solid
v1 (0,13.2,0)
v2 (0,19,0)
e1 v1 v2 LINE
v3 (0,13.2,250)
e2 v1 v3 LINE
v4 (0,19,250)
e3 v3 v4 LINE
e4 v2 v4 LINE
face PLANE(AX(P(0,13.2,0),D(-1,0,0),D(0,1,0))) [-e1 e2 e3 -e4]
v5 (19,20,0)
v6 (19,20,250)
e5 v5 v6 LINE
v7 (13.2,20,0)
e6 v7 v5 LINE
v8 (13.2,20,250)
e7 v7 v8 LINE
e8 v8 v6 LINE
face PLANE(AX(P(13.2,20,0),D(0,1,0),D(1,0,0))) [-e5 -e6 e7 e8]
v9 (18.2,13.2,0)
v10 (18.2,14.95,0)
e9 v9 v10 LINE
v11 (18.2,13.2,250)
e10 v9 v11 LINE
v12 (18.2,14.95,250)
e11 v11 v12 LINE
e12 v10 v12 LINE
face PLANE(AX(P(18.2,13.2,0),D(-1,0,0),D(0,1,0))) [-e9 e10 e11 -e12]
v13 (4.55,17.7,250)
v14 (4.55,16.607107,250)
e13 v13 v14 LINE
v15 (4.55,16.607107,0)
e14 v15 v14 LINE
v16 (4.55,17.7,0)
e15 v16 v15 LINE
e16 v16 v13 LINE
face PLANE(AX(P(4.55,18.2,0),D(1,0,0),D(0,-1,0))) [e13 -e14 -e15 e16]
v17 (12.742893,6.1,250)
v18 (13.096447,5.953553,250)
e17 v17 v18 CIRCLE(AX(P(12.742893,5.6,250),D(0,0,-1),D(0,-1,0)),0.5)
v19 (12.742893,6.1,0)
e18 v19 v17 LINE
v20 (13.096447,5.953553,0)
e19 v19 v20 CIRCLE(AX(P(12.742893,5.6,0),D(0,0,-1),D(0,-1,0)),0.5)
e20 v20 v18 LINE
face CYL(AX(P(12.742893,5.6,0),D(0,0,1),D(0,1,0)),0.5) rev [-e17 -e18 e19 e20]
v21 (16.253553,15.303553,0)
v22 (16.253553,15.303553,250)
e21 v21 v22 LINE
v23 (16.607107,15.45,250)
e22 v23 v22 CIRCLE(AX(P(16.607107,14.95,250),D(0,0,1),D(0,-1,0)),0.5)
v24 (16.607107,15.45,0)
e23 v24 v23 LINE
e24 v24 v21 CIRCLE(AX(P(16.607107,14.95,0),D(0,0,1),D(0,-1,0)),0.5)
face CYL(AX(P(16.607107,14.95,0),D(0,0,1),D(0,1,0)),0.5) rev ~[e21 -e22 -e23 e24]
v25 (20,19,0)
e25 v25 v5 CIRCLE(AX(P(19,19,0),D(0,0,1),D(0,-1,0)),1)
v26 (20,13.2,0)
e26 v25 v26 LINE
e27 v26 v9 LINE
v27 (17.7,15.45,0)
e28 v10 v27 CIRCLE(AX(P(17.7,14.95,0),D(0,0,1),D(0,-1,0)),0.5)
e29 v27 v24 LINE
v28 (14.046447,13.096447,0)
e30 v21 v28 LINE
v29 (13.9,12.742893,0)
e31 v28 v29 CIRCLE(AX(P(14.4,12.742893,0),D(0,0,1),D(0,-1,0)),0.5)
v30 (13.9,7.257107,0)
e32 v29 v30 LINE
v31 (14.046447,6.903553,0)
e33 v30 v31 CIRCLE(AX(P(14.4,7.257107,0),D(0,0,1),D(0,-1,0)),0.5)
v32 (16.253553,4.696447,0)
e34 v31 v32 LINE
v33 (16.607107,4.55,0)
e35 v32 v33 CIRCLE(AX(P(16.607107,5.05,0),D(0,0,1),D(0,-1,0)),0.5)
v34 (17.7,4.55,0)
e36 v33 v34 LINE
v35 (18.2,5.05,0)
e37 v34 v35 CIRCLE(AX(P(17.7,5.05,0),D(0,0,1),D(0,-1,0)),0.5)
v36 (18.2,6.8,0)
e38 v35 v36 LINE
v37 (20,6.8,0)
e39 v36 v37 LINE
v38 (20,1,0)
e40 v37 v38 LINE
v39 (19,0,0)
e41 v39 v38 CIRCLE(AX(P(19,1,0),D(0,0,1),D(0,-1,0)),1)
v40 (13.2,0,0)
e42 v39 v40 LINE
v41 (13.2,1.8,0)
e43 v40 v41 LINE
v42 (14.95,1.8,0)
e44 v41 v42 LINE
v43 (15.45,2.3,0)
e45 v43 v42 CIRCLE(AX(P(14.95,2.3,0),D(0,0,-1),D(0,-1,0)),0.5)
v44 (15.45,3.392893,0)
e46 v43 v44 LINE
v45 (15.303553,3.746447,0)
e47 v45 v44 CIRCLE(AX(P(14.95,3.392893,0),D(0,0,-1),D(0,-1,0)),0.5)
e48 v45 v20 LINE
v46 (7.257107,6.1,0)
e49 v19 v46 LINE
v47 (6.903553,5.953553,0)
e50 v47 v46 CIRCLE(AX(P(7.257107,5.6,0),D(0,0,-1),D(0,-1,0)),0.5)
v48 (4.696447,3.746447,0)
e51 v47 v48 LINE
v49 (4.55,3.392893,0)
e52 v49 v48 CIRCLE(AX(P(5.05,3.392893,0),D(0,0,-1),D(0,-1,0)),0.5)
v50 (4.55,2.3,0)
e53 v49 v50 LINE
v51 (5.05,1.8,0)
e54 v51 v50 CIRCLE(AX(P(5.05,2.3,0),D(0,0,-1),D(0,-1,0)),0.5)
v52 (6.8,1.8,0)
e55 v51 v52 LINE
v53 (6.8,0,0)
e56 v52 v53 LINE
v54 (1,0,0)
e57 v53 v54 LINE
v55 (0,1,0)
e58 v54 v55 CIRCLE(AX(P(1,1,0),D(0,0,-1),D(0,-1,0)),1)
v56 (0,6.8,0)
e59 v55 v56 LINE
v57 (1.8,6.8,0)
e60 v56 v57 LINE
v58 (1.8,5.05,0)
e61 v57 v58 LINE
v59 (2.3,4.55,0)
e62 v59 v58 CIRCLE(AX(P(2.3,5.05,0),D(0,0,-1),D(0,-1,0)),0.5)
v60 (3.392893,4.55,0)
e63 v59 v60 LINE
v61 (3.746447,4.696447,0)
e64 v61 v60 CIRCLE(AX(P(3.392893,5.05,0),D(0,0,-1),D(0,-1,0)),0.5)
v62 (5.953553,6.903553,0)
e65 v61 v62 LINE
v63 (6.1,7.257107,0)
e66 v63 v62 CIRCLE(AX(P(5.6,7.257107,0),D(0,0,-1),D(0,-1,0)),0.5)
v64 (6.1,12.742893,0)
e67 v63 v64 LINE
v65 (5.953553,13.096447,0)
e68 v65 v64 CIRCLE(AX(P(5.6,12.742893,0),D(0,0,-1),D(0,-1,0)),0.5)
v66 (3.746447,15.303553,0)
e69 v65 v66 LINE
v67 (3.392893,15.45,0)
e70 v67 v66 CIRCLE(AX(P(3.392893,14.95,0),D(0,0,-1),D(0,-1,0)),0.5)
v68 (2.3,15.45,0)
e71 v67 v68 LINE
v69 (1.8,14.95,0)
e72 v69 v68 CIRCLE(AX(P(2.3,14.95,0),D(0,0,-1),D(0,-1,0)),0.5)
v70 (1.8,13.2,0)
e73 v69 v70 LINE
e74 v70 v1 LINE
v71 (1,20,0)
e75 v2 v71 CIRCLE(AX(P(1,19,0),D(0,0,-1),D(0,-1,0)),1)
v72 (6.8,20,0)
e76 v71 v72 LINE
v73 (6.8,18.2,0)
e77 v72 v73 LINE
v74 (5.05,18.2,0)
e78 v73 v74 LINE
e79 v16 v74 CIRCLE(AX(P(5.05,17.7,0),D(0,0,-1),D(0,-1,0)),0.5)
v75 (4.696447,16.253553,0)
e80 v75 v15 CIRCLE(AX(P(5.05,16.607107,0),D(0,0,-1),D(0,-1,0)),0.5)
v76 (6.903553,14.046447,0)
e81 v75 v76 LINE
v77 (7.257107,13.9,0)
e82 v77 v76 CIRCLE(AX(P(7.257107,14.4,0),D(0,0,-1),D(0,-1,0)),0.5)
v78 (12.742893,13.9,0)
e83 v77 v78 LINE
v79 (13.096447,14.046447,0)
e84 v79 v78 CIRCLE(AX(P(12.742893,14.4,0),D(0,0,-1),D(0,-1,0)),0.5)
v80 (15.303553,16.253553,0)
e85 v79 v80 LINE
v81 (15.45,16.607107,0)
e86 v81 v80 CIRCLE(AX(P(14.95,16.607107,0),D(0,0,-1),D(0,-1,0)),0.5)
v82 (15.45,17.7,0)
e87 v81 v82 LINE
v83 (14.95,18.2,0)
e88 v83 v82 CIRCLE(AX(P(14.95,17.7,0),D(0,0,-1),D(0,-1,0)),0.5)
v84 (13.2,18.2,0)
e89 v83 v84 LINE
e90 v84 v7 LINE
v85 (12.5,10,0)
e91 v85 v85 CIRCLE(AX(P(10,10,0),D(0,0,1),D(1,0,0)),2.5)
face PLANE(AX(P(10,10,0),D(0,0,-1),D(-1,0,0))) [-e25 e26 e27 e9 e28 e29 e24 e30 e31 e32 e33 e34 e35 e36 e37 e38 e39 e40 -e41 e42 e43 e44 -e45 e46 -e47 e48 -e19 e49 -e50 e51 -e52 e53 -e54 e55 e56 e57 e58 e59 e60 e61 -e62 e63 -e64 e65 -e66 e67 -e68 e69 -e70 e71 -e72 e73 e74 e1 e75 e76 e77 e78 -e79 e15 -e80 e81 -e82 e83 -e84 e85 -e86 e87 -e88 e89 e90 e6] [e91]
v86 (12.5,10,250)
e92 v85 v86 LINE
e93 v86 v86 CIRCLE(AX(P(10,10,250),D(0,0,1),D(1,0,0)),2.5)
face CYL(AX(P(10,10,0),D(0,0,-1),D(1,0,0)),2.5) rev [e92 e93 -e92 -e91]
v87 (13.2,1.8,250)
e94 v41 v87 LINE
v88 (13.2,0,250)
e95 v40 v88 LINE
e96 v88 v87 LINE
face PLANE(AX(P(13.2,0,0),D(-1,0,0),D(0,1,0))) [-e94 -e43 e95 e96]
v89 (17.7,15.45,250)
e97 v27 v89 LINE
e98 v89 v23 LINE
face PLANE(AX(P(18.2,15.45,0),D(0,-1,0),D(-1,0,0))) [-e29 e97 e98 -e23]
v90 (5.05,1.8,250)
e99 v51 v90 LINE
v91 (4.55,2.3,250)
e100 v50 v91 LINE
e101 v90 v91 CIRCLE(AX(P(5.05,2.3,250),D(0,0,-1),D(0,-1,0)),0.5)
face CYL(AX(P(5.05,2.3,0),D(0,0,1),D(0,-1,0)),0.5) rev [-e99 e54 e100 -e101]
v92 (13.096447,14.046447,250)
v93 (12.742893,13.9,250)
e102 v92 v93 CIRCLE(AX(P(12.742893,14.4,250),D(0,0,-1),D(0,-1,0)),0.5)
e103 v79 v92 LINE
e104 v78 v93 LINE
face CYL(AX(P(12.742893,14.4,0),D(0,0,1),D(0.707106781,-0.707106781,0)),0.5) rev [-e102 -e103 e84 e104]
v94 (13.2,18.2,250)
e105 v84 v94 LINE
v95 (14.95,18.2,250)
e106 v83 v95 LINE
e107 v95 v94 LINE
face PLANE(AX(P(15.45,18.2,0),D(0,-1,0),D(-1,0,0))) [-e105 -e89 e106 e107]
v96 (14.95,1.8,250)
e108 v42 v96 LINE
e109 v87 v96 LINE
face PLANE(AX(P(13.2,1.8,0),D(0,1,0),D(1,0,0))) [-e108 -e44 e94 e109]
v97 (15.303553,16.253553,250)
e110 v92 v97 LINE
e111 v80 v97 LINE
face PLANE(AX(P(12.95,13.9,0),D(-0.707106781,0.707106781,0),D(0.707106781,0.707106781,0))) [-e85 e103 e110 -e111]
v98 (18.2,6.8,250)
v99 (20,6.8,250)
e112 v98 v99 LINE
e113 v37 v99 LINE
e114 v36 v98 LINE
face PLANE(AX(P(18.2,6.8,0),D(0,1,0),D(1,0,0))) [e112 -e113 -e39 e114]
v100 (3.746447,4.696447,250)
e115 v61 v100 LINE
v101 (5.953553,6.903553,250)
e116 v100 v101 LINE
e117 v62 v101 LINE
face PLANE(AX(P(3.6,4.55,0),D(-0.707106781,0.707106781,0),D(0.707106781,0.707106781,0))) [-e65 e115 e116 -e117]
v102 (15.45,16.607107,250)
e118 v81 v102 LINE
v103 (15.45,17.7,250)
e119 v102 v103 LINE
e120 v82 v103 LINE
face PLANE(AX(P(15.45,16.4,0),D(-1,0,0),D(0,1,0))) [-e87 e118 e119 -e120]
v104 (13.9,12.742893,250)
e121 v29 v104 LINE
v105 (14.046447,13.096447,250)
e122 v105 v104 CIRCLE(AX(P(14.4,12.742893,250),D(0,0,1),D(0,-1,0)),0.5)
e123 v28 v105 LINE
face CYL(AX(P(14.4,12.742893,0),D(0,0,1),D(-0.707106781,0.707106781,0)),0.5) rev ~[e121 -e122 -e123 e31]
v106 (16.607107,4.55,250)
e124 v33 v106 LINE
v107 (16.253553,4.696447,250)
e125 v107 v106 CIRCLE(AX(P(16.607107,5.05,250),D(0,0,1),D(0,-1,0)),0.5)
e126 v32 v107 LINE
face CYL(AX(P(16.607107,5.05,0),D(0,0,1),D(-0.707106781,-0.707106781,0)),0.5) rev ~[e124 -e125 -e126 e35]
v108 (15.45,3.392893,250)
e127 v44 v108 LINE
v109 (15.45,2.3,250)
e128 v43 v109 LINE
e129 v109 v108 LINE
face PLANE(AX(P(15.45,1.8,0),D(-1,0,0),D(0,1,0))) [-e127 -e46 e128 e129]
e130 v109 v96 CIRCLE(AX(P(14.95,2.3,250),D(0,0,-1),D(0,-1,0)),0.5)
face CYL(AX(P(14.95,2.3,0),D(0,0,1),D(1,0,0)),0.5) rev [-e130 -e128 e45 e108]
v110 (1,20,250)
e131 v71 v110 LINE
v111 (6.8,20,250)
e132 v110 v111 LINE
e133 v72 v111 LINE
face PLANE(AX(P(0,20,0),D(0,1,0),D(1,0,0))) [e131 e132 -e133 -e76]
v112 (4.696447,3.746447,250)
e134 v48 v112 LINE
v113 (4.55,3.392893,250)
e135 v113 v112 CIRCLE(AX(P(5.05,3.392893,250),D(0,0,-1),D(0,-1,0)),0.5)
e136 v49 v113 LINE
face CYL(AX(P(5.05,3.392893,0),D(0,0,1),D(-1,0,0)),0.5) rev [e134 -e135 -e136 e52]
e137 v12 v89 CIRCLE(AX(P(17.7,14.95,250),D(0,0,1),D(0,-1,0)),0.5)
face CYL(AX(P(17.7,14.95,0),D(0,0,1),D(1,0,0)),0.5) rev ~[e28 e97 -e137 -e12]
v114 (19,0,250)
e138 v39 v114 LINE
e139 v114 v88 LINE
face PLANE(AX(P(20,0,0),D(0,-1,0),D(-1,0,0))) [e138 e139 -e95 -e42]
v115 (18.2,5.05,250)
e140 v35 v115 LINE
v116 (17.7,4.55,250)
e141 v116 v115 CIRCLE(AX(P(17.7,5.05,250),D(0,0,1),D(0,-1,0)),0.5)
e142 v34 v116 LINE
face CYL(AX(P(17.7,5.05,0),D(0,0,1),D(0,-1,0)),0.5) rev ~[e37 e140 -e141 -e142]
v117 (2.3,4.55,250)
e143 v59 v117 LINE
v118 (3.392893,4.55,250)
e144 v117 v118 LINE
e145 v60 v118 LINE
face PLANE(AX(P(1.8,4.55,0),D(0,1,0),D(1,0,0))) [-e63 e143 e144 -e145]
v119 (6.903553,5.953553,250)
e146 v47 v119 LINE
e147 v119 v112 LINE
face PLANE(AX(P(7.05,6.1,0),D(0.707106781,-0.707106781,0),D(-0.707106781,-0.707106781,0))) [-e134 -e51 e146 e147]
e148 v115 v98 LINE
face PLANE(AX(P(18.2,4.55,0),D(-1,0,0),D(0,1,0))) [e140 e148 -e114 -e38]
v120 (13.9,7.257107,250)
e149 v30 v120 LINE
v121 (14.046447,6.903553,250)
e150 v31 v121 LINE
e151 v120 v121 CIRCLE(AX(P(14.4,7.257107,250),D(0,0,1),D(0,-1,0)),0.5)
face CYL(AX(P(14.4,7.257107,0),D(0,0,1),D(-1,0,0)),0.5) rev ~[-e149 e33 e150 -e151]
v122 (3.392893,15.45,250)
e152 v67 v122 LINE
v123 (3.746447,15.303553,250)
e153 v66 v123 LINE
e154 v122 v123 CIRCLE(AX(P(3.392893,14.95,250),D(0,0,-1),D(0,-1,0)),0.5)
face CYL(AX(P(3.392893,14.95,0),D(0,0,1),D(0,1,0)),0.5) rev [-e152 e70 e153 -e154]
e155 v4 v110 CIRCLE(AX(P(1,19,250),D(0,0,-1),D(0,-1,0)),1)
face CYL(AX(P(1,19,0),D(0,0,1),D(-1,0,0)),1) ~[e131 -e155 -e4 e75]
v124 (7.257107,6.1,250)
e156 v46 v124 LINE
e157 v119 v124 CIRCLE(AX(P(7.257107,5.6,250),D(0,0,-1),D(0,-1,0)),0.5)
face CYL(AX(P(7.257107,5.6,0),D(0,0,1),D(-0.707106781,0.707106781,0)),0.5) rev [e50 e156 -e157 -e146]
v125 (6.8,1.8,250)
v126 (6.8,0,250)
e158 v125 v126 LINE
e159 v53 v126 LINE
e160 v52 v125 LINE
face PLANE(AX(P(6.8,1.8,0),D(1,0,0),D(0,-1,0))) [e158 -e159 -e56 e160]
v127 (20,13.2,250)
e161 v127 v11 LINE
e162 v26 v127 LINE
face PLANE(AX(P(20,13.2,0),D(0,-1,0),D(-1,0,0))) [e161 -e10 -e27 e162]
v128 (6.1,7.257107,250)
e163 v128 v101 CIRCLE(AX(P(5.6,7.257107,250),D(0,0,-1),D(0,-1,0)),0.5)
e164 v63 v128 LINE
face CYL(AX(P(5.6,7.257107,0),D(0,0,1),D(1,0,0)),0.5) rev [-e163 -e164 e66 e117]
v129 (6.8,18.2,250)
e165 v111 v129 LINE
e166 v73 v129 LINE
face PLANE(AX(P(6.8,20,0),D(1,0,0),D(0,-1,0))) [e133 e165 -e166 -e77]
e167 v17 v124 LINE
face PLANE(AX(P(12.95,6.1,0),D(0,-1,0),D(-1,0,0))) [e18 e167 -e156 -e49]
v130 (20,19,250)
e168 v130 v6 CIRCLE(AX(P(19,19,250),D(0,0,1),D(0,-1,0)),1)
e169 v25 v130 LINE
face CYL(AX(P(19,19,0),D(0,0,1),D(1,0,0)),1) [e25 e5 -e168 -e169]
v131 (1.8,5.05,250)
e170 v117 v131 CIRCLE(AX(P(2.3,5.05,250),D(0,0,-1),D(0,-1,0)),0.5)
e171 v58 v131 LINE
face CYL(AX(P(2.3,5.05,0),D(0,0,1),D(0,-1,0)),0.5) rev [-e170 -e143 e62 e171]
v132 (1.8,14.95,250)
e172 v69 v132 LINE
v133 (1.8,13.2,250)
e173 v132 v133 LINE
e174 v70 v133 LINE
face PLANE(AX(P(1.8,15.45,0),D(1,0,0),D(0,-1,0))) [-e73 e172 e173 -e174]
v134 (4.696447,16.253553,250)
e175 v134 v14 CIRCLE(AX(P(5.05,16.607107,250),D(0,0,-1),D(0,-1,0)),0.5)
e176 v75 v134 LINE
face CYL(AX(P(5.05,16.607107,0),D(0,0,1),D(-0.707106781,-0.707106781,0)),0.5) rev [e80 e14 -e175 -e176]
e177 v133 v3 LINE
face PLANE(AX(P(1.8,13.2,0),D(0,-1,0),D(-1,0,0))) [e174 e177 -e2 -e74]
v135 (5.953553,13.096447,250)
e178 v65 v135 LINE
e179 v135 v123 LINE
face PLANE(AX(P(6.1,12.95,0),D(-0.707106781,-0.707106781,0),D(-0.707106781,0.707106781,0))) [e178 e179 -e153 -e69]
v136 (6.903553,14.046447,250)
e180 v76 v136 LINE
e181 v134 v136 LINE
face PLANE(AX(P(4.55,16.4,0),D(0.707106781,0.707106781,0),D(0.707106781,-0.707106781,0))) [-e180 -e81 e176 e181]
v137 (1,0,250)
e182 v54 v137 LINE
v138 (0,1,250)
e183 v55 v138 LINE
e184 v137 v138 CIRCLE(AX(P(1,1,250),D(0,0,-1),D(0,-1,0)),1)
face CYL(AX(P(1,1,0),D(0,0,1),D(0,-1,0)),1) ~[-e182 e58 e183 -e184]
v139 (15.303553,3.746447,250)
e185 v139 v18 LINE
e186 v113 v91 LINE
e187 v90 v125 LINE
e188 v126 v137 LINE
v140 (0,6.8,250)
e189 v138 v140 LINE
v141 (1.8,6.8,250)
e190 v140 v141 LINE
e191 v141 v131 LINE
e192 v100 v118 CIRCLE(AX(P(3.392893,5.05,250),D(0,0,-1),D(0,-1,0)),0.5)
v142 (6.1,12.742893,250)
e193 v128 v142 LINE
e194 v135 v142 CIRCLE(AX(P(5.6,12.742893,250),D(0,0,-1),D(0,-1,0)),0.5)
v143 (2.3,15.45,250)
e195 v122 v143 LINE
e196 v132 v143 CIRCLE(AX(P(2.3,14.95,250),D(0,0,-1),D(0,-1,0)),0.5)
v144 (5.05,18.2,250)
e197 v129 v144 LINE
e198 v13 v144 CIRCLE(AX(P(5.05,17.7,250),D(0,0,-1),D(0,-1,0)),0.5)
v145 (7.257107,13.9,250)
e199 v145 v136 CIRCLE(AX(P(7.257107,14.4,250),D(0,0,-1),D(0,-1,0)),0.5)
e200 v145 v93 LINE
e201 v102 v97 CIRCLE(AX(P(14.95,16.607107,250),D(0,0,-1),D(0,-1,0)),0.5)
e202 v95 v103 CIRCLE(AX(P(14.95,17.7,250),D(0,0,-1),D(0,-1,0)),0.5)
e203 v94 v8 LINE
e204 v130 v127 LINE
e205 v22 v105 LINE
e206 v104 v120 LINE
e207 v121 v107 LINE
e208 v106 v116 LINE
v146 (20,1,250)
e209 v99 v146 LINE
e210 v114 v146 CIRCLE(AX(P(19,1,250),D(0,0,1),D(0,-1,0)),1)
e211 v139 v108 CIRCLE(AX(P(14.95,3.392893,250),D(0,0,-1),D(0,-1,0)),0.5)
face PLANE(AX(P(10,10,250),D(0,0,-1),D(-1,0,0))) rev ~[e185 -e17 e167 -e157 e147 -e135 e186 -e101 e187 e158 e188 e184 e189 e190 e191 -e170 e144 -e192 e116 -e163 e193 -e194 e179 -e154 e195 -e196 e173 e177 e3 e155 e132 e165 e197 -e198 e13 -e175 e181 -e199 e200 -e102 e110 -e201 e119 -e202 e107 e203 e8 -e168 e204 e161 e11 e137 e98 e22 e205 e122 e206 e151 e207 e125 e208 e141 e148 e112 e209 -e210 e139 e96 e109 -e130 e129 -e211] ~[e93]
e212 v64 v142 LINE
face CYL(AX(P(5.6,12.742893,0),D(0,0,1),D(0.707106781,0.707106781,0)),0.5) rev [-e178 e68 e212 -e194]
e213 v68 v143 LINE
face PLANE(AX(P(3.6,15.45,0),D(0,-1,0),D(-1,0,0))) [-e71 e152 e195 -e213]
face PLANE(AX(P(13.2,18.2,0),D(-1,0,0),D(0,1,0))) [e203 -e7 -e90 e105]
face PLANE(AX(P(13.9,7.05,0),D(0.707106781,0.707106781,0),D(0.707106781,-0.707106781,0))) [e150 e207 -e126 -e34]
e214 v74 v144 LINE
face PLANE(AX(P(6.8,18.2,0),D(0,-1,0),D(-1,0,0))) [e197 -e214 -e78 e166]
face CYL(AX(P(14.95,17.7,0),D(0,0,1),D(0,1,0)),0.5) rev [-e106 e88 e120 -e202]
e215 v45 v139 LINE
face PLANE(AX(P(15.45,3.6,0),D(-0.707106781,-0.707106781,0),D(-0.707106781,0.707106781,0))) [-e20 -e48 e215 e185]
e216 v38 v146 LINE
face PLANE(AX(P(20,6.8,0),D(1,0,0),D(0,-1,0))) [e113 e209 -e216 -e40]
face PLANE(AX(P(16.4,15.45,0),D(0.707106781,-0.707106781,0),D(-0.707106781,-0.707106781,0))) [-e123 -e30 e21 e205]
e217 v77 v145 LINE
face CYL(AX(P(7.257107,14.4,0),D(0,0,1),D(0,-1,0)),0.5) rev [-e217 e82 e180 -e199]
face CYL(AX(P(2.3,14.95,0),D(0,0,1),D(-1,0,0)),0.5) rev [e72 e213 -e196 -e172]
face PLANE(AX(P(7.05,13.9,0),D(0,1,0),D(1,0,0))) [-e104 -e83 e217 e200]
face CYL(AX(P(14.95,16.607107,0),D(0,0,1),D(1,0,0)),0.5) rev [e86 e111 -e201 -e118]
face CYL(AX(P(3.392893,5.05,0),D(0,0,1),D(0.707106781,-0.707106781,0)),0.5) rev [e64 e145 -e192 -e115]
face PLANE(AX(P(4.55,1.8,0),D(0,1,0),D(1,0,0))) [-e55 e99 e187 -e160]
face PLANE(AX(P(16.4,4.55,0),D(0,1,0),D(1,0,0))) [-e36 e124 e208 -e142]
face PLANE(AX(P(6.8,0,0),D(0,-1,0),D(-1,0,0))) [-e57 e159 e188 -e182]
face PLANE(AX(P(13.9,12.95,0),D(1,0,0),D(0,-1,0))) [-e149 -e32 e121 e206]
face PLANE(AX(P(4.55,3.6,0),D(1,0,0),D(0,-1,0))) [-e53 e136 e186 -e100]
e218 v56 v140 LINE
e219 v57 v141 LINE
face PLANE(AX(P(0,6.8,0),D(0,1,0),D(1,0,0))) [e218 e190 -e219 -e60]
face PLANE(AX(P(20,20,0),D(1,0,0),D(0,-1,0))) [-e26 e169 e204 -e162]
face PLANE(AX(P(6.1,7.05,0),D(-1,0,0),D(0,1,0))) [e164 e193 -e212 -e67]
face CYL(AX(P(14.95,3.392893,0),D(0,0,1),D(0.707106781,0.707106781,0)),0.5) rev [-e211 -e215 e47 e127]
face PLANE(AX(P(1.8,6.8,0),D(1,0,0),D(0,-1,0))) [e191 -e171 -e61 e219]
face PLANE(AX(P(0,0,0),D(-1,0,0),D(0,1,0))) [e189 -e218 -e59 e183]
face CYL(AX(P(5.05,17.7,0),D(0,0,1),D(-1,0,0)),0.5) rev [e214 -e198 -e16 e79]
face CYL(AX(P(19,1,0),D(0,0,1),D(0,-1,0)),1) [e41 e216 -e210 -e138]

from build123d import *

# Parameters (mm, degrees)
SKETCH1_R           = 2.5
BOSS_EXTRUDE1_DEPTH = 250
FILLET1_R           = 1
FILLET2_R           = 0.5
FILLET3_R           = 0.5
FILLET4_R           = 0.5
FILLET5_R           = 0.5


with BuildPart() as part:
    # Sketch1 → Boss-Extrude1 (new body)
    with BuildSketch(Plane.XY):
        Polygon((13.2, 0), (13.2, 1.8), (15.45, 1.8), (15.45, 3.6), (12.95, 6.1), (7.05, 6.1), (4.55, 3.6), (4.55, 1.8), (6.8, 1.8), (6.8, 0), (0, 0), (0, 6.8), (1.8, 6.8), (1.8, 4.55), (3.6, 4.55), (6.1, 7.05), (6.1, 12.95), (3.6, 15.45), (1.8, 15.45), (1.8, 13.2), (0, 13.2), (0, 20), (6.8, 20), (6.8, 18.2), (4.55, 18.2), (4.55, 16.4), (7.05, 13.9), (12.95, 13.9), (15.45, 16.4), (15.45, 18.2), (13.2, 18.2), (13.2, 20), (20, 20), (20, 13.2), (18.2, 13.2), (18.2, 15.45), (16.4, 15.45), (13.9, 12.95), (13.9, 7.05), (16.4, 4.55), (18.2, 4.55), (18.2, 6.8), (20, 6.8), (20, 0), align=None)
        with Locations((10, 10)):
            Circle(SKETCH1_R, mode=Mode.SUBTRACT)
    extrude(amount=BOSS_EXTRUDE1_DEPTH)

    # Fillet1
    fillet1_edges = [part.edges().sort_by_distance(p)[0] for p in [
        (0, 0, 125),
        (0, 20, 125),
        (20, 20, 125),
        (20, 0, 125),
    ]]
    fillet(fillet1_edges, radius=FILLET1_R)

    # Fillet2
    fillet2_edges = [part.edges().sort_by_distance(p)[0] for p in [
        (4.55, 18.2, 125),
        (4.55, 16.4, 125),
        (7.05, 13.9, 125),
        (12.95, 13.9, 125),
        (15.45, 16.4, 125),
        (15.45, 18.2, 125),
    ]]
    fillet(fillet2_edges, radius=FILLET2_R)

    # Fillet3
    fillet3_edges = [part.edges().sort_by_distance(p)[0] for p in [
        (18.2, 15.45, 125),
        (16.4, 15.45, 125),
        (13.9, 12.95, 125),
        (13.9, 7.05, 125),
        (16.4, 4.55, 125),
        (18.2, 4.55, 125),
    ]]
    fillet(fillet3_edges, radius=FILLET3_R)

    # Fillet4
    fillet4_edges = [part.edges().sort_by_distance(p)[0] for p in [
        (1.8, 4.55, 125),
        (3.6, 4.55, 125),
        (6.1, 7.05, 125),
        (6.1, 12.95, 125),
        (3.6, 15.45, 125),
        (1.8, 15.45, 125),
    ]]
    fillet(fillet4_edges, radius=FILLET4_R)

    # Fillet5
    fillet5_edges = [part.edges().sort_by_distance(p)[0] for p in [
        (15.45, 1.8, 125),
        (15.45, 3.6, 125),
        (12.95, 6.1, 125),
        (7.05, 6.1, 125),
        (4.55, 3.6, 125),
        (4.55, 1.8, 125),
    ]]
    fillet(fillet5_edges, radius=FILLET5_R)


solid = part.part
